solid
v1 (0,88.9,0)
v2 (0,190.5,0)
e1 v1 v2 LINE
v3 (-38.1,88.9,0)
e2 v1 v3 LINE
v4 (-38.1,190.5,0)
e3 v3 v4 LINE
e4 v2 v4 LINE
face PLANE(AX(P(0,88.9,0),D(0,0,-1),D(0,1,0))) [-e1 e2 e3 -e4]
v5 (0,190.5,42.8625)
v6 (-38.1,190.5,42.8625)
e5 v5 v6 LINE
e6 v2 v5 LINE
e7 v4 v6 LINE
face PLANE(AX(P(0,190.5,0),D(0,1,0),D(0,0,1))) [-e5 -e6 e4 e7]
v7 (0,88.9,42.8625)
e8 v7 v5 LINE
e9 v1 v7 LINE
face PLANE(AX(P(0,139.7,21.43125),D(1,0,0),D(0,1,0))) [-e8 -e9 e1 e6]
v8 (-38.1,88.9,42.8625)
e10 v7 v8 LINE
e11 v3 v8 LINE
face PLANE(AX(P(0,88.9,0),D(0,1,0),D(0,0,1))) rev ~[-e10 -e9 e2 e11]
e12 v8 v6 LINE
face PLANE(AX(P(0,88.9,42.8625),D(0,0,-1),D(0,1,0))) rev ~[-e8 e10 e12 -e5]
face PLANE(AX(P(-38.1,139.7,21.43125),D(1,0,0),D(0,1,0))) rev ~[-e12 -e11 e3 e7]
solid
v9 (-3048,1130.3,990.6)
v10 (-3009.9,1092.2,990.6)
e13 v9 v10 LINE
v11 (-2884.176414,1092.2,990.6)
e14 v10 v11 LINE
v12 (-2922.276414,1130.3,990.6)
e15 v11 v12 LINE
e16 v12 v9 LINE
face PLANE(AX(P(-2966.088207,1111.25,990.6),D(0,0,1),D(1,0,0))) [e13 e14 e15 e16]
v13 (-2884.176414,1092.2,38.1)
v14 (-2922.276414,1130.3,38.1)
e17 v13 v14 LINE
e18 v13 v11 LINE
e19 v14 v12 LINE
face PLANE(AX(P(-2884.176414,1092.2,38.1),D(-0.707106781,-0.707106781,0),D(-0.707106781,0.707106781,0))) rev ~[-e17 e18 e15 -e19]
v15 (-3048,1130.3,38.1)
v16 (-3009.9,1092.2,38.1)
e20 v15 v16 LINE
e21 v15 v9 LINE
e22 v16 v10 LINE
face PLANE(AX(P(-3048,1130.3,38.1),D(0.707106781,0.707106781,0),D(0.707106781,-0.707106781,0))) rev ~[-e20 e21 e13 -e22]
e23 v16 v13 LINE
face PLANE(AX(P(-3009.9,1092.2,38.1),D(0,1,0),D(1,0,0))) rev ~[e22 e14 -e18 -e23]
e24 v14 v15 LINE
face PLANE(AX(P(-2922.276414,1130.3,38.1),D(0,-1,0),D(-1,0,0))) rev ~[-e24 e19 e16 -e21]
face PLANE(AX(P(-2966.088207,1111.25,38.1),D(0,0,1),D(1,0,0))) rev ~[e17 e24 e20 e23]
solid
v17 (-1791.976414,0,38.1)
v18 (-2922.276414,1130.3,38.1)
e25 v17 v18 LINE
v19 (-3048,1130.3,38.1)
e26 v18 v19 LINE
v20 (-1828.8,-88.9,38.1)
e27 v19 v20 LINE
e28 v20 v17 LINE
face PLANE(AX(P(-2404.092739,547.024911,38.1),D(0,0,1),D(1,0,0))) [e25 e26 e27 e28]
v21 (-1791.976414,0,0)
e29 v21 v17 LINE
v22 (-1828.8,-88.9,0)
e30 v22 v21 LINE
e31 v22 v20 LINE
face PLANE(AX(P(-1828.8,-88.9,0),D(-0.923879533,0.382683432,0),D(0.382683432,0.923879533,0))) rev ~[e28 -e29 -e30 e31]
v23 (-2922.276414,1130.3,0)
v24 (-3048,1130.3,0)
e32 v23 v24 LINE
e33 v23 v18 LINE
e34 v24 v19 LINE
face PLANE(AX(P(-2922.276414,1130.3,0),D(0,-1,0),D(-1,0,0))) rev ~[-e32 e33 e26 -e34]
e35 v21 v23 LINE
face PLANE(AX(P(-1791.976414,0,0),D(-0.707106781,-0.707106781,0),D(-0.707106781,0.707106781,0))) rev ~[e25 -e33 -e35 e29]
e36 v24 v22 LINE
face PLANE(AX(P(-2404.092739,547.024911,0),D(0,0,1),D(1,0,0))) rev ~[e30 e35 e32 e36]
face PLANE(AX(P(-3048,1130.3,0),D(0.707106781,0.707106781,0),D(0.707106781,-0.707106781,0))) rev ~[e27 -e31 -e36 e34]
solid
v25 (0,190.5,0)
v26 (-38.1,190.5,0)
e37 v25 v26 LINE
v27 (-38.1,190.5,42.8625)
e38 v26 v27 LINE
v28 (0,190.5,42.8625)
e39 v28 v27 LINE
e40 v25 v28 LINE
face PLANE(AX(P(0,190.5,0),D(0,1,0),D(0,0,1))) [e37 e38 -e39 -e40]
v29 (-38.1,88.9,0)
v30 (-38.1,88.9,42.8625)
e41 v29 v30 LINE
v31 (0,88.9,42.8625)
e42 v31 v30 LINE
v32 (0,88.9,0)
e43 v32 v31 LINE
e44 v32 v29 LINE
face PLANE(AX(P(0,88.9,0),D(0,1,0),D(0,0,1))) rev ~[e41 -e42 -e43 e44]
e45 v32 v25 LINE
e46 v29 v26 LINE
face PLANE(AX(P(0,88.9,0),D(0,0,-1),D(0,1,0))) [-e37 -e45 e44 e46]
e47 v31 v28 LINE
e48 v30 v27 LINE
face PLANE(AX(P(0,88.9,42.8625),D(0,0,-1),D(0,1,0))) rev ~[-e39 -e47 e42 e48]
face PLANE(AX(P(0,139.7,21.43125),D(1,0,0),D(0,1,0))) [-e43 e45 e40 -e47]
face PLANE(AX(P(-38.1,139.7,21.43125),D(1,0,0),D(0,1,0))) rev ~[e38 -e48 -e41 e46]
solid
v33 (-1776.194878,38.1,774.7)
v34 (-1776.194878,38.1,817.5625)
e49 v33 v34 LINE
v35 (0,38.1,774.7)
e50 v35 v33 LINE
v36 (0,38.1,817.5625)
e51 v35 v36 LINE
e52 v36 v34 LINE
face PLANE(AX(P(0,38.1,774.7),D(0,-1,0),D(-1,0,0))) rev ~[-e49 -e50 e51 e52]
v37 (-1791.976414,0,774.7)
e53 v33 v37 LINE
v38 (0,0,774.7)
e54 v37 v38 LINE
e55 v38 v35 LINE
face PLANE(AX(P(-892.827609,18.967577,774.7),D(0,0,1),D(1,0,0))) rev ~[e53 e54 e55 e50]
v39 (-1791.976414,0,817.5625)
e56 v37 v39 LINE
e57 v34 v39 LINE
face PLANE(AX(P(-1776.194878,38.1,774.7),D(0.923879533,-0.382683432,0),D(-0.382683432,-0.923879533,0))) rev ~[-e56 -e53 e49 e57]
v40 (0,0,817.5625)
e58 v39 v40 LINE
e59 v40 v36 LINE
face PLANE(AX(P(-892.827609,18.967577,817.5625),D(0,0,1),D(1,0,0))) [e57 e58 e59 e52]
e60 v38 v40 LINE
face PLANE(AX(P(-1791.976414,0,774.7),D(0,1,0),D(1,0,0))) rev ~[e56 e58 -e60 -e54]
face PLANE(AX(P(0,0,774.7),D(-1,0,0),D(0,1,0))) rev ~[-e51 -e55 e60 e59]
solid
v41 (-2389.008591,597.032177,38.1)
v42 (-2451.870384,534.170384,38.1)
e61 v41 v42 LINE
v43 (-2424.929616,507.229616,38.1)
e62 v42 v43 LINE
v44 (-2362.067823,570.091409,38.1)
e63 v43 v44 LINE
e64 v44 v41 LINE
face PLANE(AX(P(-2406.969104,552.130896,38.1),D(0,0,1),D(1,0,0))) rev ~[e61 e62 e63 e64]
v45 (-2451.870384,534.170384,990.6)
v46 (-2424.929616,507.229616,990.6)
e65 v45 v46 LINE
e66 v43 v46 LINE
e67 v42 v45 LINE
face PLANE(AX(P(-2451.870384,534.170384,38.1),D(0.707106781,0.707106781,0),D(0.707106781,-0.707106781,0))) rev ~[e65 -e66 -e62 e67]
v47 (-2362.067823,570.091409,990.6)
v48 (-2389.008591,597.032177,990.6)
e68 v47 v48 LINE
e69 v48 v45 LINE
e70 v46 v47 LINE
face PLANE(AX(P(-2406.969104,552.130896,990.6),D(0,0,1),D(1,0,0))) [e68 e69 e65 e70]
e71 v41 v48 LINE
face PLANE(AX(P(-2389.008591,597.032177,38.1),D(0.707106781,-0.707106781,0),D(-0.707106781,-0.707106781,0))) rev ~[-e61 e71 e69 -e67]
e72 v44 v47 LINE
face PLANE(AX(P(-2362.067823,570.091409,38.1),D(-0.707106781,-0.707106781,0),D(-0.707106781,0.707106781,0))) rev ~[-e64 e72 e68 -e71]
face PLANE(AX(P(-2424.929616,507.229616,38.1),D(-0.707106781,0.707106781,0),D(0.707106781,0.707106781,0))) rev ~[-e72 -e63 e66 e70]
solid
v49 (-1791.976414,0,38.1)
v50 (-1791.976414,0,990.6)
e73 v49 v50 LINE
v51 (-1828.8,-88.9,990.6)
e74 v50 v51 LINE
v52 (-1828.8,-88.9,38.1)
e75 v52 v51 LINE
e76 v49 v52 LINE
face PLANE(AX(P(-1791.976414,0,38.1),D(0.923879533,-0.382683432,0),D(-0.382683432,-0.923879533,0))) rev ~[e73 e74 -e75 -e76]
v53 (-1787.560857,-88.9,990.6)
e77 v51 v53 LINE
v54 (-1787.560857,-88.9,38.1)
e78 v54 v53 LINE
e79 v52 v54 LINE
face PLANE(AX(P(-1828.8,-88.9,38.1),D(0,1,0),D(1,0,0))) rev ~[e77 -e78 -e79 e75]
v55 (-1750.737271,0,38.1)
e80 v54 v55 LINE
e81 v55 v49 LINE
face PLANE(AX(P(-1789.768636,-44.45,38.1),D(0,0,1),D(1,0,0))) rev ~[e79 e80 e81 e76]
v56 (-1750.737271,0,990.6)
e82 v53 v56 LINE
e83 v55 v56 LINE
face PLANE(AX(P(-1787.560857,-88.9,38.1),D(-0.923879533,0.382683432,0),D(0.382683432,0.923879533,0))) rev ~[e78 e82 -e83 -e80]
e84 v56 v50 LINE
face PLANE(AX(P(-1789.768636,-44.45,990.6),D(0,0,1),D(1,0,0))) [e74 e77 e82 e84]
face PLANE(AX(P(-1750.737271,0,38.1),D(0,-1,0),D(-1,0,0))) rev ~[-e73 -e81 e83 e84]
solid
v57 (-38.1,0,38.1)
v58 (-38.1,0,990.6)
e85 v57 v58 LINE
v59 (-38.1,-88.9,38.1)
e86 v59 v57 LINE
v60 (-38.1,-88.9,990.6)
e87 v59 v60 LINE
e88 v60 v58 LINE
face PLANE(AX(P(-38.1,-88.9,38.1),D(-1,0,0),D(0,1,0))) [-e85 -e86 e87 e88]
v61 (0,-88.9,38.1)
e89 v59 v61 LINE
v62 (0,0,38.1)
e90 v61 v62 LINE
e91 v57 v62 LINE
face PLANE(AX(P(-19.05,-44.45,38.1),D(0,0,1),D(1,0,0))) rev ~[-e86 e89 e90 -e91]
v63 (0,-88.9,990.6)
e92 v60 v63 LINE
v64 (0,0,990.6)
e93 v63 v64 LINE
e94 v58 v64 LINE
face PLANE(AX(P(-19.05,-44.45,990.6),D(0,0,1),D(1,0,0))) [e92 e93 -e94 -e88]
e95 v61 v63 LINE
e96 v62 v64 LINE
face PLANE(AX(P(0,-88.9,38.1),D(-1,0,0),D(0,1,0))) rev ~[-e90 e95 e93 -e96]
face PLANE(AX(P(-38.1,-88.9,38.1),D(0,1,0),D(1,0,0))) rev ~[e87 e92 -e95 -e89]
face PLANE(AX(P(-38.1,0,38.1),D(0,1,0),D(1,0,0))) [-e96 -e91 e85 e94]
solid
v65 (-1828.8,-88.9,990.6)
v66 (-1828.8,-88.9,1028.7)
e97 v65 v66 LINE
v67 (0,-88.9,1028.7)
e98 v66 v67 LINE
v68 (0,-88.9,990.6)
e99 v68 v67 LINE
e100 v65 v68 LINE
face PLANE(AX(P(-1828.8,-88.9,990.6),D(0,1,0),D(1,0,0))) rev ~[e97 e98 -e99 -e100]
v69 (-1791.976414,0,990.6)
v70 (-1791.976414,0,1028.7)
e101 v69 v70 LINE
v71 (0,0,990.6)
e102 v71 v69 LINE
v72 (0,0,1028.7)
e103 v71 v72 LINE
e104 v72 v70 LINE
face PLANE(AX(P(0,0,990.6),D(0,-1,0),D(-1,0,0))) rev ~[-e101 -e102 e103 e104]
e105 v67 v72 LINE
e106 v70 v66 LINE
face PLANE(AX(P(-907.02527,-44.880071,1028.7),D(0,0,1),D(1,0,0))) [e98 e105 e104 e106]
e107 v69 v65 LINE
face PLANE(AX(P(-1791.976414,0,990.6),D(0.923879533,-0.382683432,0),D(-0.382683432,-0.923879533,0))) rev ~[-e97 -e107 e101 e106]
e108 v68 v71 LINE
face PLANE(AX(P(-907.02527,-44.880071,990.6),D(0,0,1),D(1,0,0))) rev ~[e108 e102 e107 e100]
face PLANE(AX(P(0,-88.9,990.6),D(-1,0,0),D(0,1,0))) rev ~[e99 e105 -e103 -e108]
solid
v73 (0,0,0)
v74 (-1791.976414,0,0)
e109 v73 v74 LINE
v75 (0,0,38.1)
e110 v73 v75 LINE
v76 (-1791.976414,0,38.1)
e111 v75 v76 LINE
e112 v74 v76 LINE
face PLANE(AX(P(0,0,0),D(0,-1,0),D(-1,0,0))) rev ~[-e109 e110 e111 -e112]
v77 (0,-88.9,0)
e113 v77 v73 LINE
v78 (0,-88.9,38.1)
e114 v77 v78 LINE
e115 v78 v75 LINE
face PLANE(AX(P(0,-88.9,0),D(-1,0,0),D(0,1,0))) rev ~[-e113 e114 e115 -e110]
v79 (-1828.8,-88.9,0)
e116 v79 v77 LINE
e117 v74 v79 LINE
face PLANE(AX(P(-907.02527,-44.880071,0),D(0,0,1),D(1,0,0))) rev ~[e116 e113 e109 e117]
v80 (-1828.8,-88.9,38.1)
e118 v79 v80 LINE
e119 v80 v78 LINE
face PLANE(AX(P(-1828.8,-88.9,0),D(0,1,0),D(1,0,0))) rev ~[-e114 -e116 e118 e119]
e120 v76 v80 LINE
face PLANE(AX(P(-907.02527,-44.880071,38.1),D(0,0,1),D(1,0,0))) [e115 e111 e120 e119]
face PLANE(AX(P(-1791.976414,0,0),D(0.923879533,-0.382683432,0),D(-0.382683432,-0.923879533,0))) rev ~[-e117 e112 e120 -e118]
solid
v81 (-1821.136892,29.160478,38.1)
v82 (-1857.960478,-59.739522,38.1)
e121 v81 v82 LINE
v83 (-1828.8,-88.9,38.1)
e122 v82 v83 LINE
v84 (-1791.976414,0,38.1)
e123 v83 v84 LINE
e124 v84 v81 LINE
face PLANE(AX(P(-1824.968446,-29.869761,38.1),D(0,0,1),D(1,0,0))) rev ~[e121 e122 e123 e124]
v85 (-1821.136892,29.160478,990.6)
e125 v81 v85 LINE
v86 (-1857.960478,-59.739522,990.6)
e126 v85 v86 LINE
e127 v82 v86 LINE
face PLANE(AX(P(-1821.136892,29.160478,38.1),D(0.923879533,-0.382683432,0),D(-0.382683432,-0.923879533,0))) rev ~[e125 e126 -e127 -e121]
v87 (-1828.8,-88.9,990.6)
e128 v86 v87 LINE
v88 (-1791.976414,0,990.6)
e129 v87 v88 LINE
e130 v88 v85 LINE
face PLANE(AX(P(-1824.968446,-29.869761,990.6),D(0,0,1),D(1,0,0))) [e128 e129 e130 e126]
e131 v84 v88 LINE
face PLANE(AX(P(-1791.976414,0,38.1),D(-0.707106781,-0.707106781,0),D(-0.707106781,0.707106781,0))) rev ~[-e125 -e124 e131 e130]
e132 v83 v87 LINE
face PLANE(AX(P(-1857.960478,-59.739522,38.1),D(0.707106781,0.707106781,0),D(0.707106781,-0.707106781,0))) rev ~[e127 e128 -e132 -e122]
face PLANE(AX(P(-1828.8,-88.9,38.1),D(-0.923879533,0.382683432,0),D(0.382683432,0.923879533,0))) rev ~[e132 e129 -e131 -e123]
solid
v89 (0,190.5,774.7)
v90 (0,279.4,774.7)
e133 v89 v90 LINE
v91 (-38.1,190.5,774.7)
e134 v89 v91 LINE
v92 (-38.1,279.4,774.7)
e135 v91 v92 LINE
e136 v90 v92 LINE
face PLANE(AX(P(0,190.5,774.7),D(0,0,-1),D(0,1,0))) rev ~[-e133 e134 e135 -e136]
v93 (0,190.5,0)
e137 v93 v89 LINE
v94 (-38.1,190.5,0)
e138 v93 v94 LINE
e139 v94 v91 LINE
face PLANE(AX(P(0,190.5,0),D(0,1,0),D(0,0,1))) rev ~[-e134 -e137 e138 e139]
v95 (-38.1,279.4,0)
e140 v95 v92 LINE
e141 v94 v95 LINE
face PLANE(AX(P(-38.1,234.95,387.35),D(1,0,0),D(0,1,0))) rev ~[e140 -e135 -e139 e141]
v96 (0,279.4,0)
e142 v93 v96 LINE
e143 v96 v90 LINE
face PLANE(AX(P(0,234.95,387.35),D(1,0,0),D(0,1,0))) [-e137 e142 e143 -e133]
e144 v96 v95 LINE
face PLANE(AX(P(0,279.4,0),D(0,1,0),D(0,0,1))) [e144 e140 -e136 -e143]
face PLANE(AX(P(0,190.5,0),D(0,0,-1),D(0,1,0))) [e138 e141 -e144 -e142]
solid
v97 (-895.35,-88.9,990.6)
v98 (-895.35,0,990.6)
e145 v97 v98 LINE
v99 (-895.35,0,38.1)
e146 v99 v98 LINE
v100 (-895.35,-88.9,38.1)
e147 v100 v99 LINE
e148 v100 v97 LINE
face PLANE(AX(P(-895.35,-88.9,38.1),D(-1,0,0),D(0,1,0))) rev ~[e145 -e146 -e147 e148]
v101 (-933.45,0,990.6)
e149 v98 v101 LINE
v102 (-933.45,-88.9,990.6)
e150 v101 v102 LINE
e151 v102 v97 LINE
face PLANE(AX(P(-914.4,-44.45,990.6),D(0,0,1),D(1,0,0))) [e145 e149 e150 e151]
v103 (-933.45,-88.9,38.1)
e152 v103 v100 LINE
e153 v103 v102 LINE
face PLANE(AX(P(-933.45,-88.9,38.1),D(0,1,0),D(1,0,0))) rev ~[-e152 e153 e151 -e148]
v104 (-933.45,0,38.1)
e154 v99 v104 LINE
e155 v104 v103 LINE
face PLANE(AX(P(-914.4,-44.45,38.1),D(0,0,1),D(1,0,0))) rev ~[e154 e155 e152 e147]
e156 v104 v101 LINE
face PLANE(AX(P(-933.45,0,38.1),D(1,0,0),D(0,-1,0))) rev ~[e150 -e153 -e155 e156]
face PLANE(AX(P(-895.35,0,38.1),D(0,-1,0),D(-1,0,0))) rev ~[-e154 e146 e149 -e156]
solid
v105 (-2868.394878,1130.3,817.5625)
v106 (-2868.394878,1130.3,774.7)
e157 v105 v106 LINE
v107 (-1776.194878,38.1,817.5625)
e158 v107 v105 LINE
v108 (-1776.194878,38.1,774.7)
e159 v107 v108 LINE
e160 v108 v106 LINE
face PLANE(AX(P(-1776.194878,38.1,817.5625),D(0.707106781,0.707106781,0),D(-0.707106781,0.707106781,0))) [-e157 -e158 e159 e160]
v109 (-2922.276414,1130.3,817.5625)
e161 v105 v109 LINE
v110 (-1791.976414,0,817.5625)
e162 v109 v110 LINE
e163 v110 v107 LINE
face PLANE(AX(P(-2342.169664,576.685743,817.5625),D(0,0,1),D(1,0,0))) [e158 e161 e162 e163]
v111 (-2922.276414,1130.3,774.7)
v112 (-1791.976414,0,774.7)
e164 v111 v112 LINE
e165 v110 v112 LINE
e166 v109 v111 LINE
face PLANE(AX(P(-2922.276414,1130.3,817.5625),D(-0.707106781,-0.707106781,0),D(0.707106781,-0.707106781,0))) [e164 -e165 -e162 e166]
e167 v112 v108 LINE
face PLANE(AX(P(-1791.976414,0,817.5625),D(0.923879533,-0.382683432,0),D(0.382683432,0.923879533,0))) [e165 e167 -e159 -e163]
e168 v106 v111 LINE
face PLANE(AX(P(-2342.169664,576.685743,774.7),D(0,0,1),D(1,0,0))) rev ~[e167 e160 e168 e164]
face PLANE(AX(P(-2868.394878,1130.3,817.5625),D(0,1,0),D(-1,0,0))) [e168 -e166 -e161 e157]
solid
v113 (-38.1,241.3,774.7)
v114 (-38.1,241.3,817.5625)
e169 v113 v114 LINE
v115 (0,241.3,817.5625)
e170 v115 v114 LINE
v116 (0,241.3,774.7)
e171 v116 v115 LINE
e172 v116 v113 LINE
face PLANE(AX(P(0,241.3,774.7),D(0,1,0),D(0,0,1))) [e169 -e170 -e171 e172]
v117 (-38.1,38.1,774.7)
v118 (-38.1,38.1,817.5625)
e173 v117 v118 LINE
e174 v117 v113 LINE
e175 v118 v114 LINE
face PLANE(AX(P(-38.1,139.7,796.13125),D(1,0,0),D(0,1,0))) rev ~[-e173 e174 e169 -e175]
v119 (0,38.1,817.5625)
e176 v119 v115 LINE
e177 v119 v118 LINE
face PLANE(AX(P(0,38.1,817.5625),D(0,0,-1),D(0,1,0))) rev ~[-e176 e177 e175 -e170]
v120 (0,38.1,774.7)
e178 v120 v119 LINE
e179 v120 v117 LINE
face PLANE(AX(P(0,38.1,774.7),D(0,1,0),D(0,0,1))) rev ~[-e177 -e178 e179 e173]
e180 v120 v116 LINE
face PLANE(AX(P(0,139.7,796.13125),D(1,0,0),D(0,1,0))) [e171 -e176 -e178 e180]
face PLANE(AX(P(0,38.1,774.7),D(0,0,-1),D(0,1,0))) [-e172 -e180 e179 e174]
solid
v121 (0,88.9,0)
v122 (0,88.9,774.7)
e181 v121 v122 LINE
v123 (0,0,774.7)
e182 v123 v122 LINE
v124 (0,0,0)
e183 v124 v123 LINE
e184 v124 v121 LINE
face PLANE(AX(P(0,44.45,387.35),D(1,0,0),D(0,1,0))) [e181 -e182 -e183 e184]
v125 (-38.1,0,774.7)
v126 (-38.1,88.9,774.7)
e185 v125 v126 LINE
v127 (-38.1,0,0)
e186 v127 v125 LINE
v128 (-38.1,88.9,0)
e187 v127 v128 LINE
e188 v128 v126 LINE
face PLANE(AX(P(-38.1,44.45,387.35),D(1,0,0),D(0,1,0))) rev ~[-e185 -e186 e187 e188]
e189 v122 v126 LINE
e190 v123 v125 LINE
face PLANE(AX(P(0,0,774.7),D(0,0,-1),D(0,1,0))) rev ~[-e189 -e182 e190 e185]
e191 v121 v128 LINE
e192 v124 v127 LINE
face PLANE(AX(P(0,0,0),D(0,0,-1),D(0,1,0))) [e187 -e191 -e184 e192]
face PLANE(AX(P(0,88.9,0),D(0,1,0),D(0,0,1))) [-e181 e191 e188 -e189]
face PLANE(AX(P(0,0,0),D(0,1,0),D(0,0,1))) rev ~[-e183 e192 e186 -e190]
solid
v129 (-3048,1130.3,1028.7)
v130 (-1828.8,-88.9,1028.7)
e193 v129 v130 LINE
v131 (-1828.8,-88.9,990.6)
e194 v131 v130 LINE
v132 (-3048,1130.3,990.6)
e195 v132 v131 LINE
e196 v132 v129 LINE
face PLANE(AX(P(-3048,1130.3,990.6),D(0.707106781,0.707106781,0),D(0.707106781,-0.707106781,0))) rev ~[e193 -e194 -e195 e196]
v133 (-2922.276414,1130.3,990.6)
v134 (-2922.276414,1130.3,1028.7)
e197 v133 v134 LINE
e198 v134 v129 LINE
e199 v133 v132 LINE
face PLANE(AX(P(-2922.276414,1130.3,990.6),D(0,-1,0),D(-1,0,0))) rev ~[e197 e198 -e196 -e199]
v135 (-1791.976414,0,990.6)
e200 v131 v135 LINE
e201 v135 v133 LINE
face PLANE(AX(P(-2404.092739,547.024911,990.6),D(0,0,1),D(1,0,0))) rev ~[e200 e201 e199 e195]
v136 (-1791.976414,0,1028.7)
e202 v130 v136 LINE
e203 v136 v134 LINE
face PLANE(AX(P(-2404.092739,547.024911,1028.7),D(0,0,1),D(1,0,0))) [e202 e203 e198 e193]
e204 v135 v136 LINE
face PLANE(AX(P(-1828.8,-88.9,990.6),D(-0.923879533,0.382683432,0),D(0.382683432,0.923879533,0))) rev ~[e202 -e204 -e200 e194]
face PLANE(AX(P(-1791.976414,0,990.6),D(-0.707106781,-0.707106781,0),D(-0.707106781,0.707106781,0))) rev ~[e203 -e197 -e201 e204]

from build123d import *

# Parameters (mm, degrees)
F1_DEPTH  = 38.1
F3_DEPTH  = 38.1
F5_DEPTH  = 952.5
F6_W      = 38.1
F6_H      = 88.9
F7_DEPTH  = 952.5
F9_DEPTH  = 952.5
F11_DEPTH = 952.5
F13_DEPTH = 38.1
F15_DEPTH = 952.5
F17_DEPTH = 38.1
F19_DEPTH = 952.5
F20_W     = 88.9
F20_H     = 774.7
F21_DEPTH = 38.1
F22_W     = 101.6
F22_H     = 42.8625
F23_DEPTH = 38.1
F24_DEPTH = 38.1
F25_W     = 88.9
F25_H     = 774.7
F26_DEPTH = 38.1
F28_DEPTH = 42.8625
F29_W     = 203.2
F29_H     = 42.8625
F30_DEPTH = 38.1
F32_DEPTH = 42.8625


with BuildPart() as f1:
    # F0 (on Top) → F1 (new body)
    with BuildSketch(Plane.XY):
        Polygon((0, -88.9), (0, 0), (-1791.976414305, 0), (-1828.8, -88.9), align=None)
    extrude(amount=F1_DEPTH)


with BuildPart() as f3:
    # F2 (on Top) → F3 (new body, through all)
    with BuildSketch(Plane.XY):
        Polygon((-3048, 1130.3), (-1828.8, -88.9), (-1791.976414305, 0), (-2922.276414305, 1130.3), align=None)
    extrude(amount=F3_DEPTH)


with BuildPart() as f5:
    # F4 (on face) → F5 (new body)
    with BuildSketch(Plane.XY.offset(38.1)):
        Polygon((-1857.9604775462, -59.7395224538), (-1828.8, -88.9), (-1791.976414305, 0), (-1821.1368918513, 29.1604775462), align=None)
    extrude(amount=F5_DEPTH)


with BuildPart() as f7:
    # F6 (on face) → F7 (new body, through all)
    with BuildSketch(Plane.XY.offset(38.1)):
        with Locations((-19.05, -44.45)):
            Rectangle(F6_W, F6_H)
    extrude(amount=F7_DEPTH)


with BuildPart() as f9:
    # F8 (on face) → F9 (new body, through all)
    with BuildSketch(Plane.XY.offset(38.1)):
        Polygon((-1750.7372714739, 0), (-1791.976414305, 0), (-1828.8, -88.9), (-1787.5608571689, -88.9), align=None)
    extrude(amount=F9_DEPTH)


with BuildPart() as f11:
    # F10 (on face) → F11 (new body, through all)
    with BuildSketch(Plane.XY.offset(38.1)):
        Polygon((-933.45, -88.9), (-914.4, -88.9), (-895.35, -88.9), (-895.35, 0), (-933.45, 0), align=None)
    extrude(amount=F11_DEPTH)


with BuildPart() as f13:
    # F12 (on face) → F13 (new body)
    with BuildSketch(Plane.XY.offset(990.6)):
        Polygon((-1791.976414305, 0), (-1828.8, -88.9), (0, -88.9), (0, 0), align=None)
    extrude(amount=F13_DEPTH)


with BuildPart() as f15:
    # F14 (on face) → F15 (new body, through all)
    with BuildSketch(Plane.XY.offset(38.1)):
        Polygon((-2922.276414305, 1130.3), (-3048, 1130.3), (-3009.9, 1092.2), (-2884.176414305, 1092.2), align=None)
    extrude(amount=F15_DEPTH)


with BuildPart() as f17:
    # F16 (on face) → F17 (new body, through all)
    with BuildSketch(Plane.XY.offset(990.6)):
        Polygon((-3048, 1130.3), (-1828.8, -88.9), (-1791.976414305, 0), (-2922.276414305, 1130.3), align=None)
    extrude(amount=F17_DEPTH)


with BuildPart() as f19:
    # F18 (on face) → F19 (new body, through all)
    with BuildSketch(Plane.XY.offset(38.1)):
        Polygon((-2451.8703841816, 534.1703841816), (-2438.4, 520.7), (-2424.9296158184, 507.2296158184), (-2362.0678229709, 570.0914086659), (-2389.0085913341, 597.0321770291), align=None)
    extrude(amount=F19_DEPTH)


with BuildPart() as f21:
    # F20 (on face) → F21 (new body, through all)
    with BuildSketch(Plane.YZ):
        with Locations((44.45, 387.35)):
            Rectangle(F20_W, F20_H)
    extrude(amount=-F21_DEPTH)


with BuildPart() as f23:
    # F22 (on face) → F23 (new body, through all)
    with BuildSketch(Plane.YZ):
        with Locations((139.7, 21.43125)):
            Rectangle(F22_W, F22_H)
    extrude(amount=-F23_DEPTH)


with BuildPart() as f24:
    # F22 (on face) → F24 (new body, through all)
    with BuildSketch(Plane.YZ):
        with Locations((139.7, 21.43125)):
            Rectangle(F22_W, F22_H)
    extrude(amount=-F24_DEPTH)


with BuildPart() as f26:
    # F25 (on face) → F26 (new body, through all)
    with BuildSketch(Plane.YZ):
        with Locations((234.95, 387.35)):
            Rectangle(F25_W, F25_H)
    extrude(amount=-F26_DEPTH)


with BuildPart() as f28:
    # F27 (on face) → F28 (new body)
    with BuildSketch(Plane.XY.offset(774.7)):
        Polygon((-1791.976414305, 0), (0, 0), (0, 38.1), (-1776.1948775786, 38.1), align=None)
    extrude(amount=F28_DEPTH)


with BuildPart() as f30:
    # F29 (on face) → F30 (new body, through all)
    with BuildSketch(Plane.YZ):
        with Locations((139.7, 796.13125)):
            Rectangle(F29_W, F29_H)
    extrude(amount=-F30_DEPTH)


with BuildPart() as f32:
    # F31 (on face) → F32 (new body, through all)
    with BuildSketch(Plane.XY.offset(817.5625)):
        Polygon((-2922.276414305, 1130.3), (-1791.976414305, 0), (-1776.1948775786, 38.1), (-2868.3948775786, 1130.3), align=None)
    extrude(amount=-F32_DEPTH)


solid = Compound([f1.part, f3.part, f5.part, f7.part, f9.part, f11.part, f13.part, f15.part, f17.part, f19.part, f21.part, f23.part, f24.part, f26.part, f28.part, f30.part, f32.part])
